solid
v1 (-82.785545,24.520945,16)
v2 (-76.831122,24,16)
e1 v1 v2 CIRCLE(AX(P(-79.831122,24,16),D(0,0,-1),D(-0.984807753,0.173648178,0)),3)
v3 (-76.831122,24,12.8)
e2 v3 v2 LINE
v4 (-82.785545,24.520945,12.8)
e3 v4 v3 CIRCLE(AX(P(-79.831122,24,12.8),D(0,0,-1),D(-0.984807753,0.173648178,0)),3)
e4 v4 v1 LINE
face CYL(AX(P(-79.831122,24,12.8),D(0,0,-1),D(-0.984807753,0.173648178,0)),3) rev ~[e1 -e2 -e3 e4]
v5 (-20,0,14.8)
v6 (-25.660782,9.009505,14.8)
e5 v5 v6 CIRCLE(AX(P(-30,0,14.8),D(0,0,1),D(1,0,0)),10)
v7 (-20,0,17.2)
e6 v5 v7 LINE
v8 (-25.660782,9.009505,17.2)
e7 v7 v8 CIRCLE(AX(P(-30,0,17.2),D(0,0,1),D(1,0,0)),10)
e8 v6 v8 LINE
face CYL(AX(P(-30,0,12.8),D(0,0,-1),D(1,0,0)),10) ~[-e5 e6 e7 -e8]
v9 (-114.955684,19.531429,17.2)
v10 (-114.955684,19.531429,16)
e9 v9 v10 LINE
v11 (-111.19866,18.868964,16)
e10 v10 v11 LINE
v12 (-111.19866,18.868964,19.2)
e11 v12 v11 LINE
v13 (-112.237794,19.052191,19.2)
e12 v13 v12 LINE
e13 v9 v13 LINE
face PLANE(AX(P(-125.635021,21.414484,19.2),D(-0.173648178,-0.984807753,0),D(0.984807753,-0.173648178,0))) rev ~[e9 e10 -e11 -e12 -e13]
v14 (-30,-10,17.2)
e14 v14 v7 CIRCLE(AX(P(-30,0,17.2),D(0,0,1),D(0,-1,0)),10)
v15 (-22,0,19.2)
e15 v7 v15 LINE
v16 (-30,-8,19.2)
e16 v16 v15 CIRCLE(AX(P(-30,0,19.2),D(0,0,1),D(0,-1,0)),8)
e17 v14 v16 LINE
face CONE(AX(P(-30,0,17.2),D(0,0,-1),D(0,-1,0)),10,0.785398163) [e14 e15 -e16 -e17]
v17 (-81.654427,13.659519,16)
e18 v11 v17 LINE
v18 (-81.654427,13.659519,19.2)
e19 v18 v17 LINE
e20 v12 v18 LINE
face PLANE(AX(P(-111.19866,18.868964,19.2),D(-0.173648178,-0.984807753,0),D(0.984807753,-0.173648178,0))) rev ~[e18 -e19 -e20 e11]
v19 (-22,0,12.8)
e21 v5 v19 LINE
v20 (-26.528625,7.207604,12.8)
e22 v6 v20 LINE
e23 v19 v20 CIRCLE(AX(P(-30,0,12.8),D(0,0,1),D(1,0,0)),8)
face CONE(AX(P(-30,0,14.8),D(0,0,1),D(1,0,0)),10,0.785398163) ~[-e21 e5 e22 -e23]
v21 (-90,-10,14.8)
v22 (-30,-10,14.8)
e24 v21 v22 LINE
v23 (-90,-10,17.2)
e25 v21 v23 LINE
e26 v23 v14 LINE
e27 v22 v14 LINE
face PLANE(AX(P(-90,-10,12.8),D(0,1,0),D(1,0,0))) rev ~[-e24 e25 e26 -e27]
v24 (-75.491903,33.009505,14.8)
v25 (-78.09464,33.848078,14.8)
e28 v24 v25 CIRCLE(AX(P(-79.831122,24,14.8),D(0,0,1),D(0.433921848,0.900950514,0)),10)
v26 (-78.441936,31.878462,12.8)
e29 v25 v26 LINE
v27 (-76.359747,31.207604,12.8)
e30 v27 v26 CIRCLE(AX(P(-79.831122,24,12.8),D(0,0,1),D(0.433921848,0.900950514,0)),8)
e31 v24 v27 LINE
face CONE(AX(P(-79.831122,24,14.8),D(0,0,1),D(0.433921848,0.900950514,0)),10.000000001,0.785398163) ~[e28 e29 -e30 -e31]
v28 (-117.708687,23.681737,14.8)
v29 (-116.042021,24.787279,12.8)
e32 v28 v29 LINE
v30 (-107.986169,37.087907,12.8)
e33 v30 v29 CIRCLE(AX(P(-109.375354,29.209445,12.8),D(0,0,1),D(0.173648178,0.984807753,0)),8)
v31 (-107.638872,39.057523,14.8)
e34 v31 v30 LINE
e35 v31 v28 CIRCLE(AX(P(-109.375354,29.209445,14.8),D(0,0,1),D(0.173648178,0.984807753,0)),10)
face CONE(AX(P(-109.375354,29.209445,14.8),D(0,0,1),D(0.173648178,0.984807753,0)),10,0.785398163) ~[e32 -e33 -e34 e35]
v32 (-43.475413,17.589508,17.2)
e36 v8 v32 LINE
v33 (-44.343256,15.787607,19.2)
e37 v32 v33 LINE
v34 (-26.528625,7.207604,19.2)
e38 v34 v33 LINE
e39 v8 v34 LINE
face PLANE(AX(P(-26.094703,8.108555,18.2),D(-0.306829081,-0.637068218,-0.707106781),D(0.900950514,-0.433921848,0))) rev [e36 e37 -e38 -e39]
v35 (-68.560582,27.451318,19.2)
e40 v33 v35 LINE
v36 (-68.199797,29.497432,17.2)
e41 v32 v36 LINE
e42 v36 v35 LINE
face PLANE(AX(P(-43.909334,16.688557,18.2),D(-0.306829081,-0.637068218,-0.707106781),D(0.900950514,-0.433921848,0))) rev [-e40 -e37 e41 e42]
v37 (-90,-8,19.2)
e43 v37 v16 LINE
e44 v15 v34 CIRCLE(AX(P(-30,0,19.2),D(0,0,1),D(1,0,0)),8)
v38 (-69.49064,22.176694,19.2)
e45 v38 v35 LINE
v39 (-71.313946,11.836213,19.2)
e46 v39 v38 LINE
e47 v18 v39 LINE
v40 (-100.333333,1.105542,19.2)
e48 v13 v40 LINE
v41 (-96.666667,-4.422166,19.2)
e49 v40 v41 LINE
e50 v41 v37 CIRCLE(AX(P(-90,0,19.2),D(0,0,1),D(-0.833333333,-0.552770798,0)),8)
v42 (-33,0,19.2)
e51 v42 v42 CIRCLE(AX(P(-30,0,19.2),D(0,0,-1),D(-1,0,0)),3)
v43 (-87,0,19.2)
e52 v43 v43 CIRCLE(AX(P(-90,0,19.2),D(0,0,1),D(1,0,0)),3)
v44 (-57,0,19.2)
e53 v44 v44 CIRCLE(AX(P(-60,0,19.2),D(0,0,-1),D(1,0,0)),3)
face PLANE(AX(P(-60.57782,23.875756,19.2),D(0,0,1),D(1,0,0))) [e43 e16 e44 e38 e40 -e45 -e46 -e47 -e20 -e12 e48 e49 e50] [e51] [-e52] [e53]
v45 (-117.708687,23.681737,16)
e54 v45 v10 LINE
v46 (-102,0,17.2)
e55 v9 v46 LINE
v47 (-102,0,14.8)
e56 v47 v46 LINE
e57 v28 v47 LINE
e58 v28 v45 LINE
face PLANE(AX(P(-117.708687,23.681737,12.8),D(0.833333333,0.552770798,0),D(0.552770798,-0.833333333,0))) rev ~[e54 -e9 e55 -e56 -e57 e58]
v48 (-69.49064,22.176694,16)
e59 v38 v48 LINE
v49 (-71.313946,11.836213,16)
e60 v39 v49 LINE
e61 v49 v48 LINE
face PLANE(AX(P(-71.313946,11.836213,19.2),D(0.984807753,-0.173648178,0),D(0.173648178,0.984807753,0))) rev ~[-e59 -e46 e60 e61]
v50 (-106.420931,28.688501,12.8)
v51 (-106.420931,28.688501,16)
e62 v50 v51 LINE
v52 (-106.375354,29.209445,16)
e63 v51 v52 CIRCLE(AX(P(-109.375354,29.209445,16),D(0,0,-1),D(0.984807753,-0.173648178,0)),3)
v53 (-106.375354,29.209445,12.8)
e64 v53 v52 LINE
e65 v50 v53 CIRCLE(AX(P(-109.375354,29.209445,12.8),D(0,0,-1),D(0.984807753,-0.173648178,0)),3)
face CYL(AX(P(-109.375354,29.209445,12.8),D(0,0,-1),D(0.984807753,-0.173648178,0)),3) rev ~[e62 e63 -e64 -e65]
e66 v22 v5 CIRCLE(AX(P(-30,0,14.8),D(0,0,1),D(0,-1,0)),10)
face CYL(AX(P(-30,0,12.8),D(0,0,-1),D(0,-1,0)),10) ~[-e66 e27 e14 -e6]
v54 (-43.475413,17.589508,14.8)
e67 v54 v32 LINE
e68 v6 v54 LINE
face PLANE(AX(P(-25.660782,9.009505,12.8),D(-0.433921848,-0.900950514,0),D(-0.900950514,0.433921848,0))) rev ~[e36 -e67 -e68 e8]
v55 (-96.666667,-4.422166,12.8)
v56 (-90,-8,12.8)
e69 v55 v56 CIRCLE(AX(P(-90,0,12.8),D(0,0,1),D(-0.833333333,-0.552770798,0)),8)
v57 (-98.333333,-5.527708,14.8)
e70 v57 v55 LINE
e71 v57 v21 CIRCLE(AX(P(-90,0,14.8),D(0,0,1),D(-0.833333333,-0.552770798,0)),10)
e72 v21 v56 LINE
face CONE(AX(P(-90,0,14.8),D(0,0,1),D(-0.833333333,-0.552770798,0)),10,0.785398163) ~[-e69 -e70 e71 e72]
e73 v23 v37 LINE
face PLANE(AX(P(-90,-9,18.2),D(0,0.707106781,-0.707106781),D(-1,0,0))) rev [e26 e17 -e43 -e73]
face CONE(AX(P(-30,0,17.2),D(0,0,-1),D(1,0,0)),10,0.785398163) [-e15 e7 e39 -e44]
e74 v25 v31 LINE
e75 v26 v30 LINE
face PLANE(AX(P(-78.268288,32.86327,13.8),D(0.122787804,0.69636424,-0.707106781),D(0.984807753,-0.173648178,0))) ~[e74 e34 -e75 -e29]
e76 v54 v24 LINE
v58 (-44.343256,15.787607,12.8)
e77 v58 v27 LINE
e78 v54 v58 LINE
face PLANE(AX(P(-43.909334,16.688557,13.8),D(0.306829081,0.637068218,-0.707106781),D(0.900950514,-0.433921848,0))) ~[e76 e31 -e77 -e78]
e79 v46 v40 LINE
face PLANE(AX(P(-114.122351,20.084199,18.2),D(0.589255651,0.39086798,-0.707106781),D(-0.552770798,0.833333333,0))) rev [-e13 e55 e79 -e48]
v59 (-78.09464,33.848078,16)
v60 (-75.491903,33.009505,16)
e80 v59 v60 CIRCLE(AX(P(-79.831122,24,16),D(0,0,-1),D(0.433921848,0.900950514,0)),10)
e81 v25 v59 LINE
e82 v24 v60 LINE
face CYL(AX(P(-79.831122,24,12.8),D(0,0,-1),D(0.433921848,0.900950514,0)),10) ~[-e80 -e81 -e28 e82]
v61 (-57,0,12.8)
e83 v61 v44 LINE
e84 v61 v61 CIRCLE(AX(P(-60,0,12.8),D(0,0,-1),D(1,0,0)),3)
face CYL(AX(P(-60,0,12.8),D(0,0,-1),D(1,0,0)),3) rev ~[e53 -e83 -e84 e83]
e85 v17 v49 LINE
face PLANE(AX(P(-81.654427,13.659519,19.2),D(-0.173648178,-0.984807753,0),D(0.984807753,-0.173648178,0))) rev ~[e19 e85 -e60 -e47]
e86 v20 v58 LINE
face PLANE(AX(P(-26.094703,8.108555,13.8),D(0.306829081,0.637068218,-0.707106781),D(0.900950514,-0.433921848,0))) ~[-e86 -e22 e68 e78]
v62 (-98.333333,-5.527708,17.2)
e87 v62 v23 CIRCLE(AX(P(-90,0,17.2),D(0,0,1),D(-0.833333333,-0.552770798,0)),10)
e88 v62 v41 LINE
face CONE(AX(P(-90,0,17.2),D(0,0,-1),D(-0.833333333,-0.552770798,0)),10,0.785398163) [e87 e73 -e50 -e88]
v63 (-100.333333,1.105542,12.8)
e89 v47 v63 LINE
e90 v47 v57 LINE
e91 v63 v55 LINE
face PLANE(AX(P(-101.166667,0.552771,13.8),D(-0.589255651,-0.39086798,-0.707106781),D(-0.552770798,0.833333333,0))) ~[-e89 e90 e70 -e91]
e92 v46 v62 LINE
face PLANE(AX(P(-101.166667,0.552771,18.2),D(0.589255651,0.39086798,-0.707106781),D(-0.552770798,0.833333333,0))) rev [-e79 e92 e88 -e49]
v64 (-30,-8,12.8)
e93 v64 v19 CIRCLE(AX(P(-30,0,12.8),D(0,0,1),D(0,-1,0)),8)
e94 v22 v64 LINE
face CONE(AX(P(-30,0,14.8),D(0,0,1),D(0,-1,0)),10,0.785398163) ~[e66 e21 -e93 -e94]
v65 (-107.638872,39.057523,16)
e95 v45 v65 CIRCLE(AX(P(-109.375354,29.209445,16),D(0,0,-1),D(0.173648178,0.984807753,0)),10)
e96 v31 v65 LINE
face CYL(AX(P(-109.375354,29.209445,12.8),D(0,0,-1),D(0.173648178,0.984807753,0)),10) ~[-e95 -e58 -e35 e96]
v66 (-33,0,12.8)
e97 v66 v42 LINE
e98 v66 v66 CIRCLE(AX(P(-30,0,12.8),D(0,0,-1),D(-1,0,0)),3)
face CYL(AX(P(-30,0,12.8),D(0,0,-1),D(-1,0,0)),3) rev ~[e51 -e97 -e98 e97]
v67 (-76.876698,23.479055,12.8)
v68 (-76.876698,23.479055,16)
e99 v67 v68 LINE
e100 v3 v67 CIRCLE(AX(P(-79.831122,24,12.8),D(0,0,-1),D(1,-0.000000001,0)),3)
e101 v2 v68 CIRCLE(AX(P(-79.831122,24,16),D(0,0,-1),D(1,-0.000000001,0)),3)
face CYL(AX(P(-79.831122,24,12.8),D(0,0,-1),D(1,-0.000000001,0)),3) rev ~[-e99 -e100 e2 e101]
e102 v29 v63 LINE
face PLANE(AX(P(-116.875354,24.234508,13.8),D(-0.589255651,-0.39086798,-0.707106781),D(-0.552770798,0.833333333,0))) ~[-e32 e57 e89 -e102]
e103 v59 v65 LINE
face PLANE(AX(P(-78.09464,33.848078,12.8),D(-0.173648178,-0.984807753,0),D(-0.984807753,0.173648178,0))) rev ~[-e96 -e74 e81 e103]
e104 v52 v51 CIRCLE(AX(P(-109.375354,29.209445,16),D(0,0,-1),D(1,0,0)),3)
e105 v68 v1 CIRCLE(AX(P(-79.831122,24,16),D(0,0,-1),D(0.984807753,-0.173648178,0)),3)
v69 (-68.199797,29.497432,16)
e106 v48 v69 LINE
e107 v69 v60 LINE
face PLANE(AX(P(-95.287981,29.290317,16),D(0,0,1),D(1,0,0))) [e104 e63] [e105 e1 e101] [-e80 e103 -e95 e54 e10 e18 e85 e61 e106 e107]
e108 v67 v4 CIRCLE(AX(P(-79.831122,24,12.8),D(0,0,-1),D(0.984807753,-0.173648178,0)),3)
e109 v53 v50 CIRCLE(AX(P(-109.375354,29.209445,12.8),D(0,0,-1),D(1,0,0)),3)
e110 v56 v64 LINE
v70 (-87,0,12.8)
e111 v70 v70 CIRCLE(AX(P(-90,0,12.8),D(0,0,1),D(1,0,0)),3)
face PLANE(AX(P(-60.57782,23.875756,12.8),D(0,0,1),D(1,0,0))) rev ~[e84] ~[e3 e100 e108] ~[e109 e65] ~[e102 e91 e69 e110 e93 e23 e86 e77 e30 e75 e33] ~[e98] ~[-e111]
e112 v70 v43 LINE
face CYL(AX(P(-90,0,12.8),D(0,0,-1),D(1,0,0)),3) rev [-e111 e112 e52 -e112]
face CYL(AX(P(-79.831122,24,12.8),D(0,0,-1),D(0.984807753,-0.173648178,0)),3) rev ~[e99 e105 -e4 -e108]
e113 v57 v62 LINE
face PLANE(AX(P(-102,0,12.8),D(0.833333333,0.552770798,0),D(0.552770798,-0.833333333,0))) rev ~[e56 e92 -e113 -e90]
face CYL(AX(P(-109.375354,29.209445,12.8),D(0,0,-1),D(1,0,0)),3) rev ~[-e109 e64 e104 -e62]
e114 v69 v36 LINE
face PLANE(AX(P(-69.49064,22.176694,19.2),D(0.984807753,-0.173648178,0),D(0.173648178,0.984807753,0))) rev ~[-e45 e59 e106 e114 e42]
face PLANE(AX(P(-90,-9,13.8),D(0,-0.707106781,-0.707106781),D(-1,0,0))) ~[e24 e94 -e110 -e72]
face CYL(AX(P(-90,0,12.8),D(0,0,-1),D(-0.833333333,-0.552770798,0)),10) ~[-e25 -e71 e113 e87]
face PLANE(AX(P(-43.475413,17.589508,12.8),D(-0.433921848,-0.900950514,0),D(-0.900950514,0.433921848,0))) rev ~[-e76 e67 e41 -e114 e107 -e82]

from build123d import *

# Parameters (mm, degrees)
F0_R     = 3
F1_DEPTH = 6.4
F4_DEPTH = 3.2
F5_SIZE  = 2


with BuildPart() as f1:
    # F0 (on Top) → F1 (new body)
    with BuildSketch(Plane.XY):
        with BuildLine():
            Line((-69.9830439783, 22.2635182233), (-43.4754125815, 17.5895076134))
            Line((-43.4754125815, 17.5895076134), (-75.4919030254, 33.0095051449))
            ThreePointArc((-75.4919030254, 33.0095051449), (-71.3637669974, 29.3201416884), (-69.8311215084, 24))
            ThreePointArc((-69.8311215084, 24), (-69.8691745275, 23.1284425725), (-69.9830439783, 22.2635182233))
        make_face()
        with BuildLine():
            Line((-90, -10), (-30, -10))
            ThreePointArc((-30, -10), (-37.0710678119, -7.0710678119), (-40, 0))
            Line((-40, 0), (-57, 0))
            ThreePointArc((-57, 0), (-60, -3), (-63, 0))
            Line((-63, 0), (-80, 0))
            ThreePointArc((-80, 0), (-82.9289321881, -7.0710678119), (-90, -10))
        make_face()
        with BuildLine():
            Line((-78.0946397318, 33.8480775301), (-107.6388723221, 39.0575228601))
            ThreePointArc((-107.6388723221, 39.0575228601), (-101.7149096676, 35.6373214269), (-99.3753540988, 29.20944533))
            ThreePointArc((-99.3753540988, 29.20944533), (-99.4134071179, 28.3378879025), (-99.5272765687, 27.4729635533))
            Line((-99.5272765687, 27.4729635533), (-89.6791990386, 25.7364817767))
            ThreePointArc((-89.6791990386, 25.7364817767), (-85.566885872, 32.1915204429), (-78.0946397318, 33.8480775301))
        make_face()
        with BuildLine():
            ThreePointArc((-89.6791990386, 25.7364817767), (-81.5676032851, 14.1519224699), (-69.9830439783, 22.2635182233))
            Line((-69.9830439783, 22.2635182233), (-76.8766982494, 23.479055467))
            ThreePointArc((-76.8766982494, 23.479055467), (-80.3520660414, 21.045576741), (-82.7855447675, 24.520944533))
            Line((-82.7855447675, 24.520944533), (-89.6791990386, 25.7364817767))
        make_face()
        with BuildLine():
            ThreePointArc((-69.8311215084, 24), (-71.3637669974, 29.3201416884), (-75.4919030254, 33.0095051449))
            ThreePointArc((-75.4919030254, 33.0095051449), (-76.7644727965, 33.5181755435), (-78.0946397318, 33.8480775301))
            ThreePointArc((-78.0946397318, 33.8480775301), (-85.566885872, 32.1915204429), (-89.6791990386, 25.7364817767))
            Line((-89.6791990386, 25.7364817767), (-82.7855447675, 24.520944533))
            ThreePointArc((-82.7855447675, 24.520944533), (-79.5696542802, 26.9885840943), (-76.8311215084, 24))
            ThreePointArc((-76.8311215084, 24), (-76.8425374142, 23.7385327718), (-76.8766982494, 23.479055467))
            Line((-76.8766982494, 23.479055467), (-69.9830439783, 22.2635182233))
            ThreePointArc((-69.9830439783, 22.2635182233), (-69.8691745275, 23.1284425725), (-69.8311215084, 24))
        make_face()
        with BuildLine():
            Line((-57, 0), (-40, 0))
            ThreePointArc((-40, 0), (-35.3201416884, 8.467354511), (-25.660781517, 9.0095051449))
            Line((-25.660781517, 9.0095051449), (-43.4754125815, 17.5895076134))
            Line((-43.4754125815, 17.5895076134), (-69.9830439783, 22.2635182233))
            ThreePointArc((-69.9830439783, 22.2635182233), (-81.5676032851, 14.1519224699), (-89.6791990386, 25.7364817767))
            Line((-89.6791990386, 25.7364817767), (-99.5272765687, 27.4729635533))
            ThreePointArc((-99.5272765687, 27.4729635533), (-107.3340404203, 19.4200102868), (-117.7086874321, 23.6817373461))
            Line((-117.7086874321, 23.6817373461), (-102, 0))
            Line((-102, 0), (-98.3333333333, -5.5277079839))
            ThreePointArc((-98.3333333333, -5.5277079839), (-92.8867513459, 9.5742710776), (-80, 0))
            Line((-80, 0), (-63, 0))
            ThreePointArc((-63, 0), (-60, 3), (-57, 0))
        make_face()
        with BuildLine():
            ThreePointArc((-98.3333333333, -5.5277079839), (-94.7287905515, -8.8112734562), (-90, -10))
            ThreePointArc((-90, -10), (-82.9289321881, -7.0710678119), (-80, 0))
            ThreePointArc((-80, 0), (-92.8867513459, 9.5742710776), (-98.3333333333, -5.5277079839))
        make_face()
        with Locations((-90, 0)):
            Circle(F0_R, mode=Mode.SUBTRACT)
        with BuildLine():
            ThreePointArc((-107.6388723221, 39.0575228601), (-117.7409567465, 34.6881944885), (-117.7086874321, 23.6817373461))
            ThreePointArc((-117.7086874321, 23.6817373461), (-107.3340404203, 19.4200102868), (-99.5272765687, 27.4729635533))
            ThreePointArc((-99.5272765687, 27.4729635533), (-99.4134071179, 28.3378879025), (-99.3753540988, 29.20944533))
            ThreePointArc((-99.3753540988, 29.20944533), (-101.7149096676, 35.6373214269), (-107.6388723221, 39.0575228601))
        make_face()
        with BuildLine():
            ThreePointArc((-106.3753540988, 29.20944533), (-106.3867700045, 28.9479781018), (-106.4209308398, 28.688500797))
            ThreePointArc((-106.4209308398, 28.688500797), (-112.3639381931, 29.4709125583), (-106.3753540988, 29.20944533))
        make_face(mode=Mode.SUBTRACT)
        with BuildLine():
            ThreePointArc((-40, 0), (-37.0710678119, -7.0710678119), (-30, -10))
            ThreePointArc((-30, -10), (-22.9289321881, -7.0710678119), (-20, 0))
            Line((-20, 0), (-27, 0))
            ThreePointArc((-27, 0), (-30, -3), (-33, 0))
            Line((-33, 0), (-40, 0))
        make_face()
        with BuildLine():
            Line((-27, 0), (-20, 0))
            ThreePointArc((-20, 0), (-21.532645489, 5.3201416884), (-25.660781517, 9.0095051449))
            ThreePointArc((-25.660781517, 9.0095051449), (-35.3201416884, 8.467354511), (-40, 0))
            Line((-40, 0), (-33, 0))
            ThreePointArc((-33, 0), (-30, 3), (-27, 0))
        make_face()
    extrude(amount=F1_DEPTH)

    # F3 (on offset) → F4 (cut)
    with BuildSketch(Plane.XY.offset(6.4)):
        with BuildLine():
            Line((-121.5190547769, 44.7572868572), (-125.6350207552, 21.4144838341))
            Line((-125.6350207552, 21.4144838341), (-111.1986603593, 18.868963993))
            Line((-111.1986603593, 18.868963993), (-81.6544272584, 13.659518573))
            ThreePointArc((-81.6544272584, 13.659518573), (-86.5803914551, 32.043466615), (-69.3311215084, 24))
            ThreePointArc((-69.3311215084, 24), (-69.3710771859, 23.0848646168), (-69.4906401312, 22.1766939678))
            Line((-69.4906401312, 22.1766939678), (-67.197979989, 35.179015751))
            Line((-67.197979989, 35.179015751), (-121.5190547769, 44.7572868572))
        make_face()
        with BuildLine():
            ThreePointArc((-98.8753540988, 29.20944533), (-102.6260843507, 21.1659785483), (-111.1986603593, 18.868963993))
            ThreePointArc((-111.1986603593, 18.868963993), (-116.1246238469, 37.2529121117), (-98.8753540988, 29.20944533))
        make_face(mode=Mode.SUBTRACT)
        with BuildLine():
            ThreePointArc((-98.8753540988, 29.20944533), (-116.1246238469, 37.2529121117), (-111.1986603593, 18.868963993))
            ThreePointArc((-111.1986603593, 18.868963993), (-102.6260843507, 21.1659785483), (-98.8753540988, 29.20944533))
        make_face()
        with BuildLine():
            ThreePointArc((-69.3311215084, 24), (-86.5803914551, 32.043466615), (-81.6544272584, 13.659518573))
            ThreePointArc((-81.6544272584, 13.659518573), (-73.808568948, 15.3989035201), (-69.4906401312, 22.1766939678))
            ThreePointArc((-69.4906401312, 22.1766939678), (-69.3710771859, 23.0848646168), (-69.3311215084, 24))
        make_face()
        with BuildLine():
            ThreePointArc((-69.4906401312, 22.1766939678), (-73.808568948, 15.3989035201), (-81.6544272584, 13.659518573))
            Line((-81.6544272584, 13.659518573), (-71.3139459673, 11.8362127279))
            Line((-71.3139459673, 11.8362127279), (-69.4906401312, 22.1766939678))
        make_face()
    extrude(amount=-F4_DEPTH, mode=Mode.SUBTRACT)

    # F5
    f5_edges = [f1.edges().sort_by_distance(p)[0] for p in [
        (-50.576342, 21.009505, 0),
        (-46.930289, 19.253468, 6.4),
    ]]
    chamfer(f5_edges, length=F5_SIZE)


with BuildPart() as f6_1:
    # F6: instance of F1
    add(f1.part.mirror(Plane(origin=(-64.9639850302, 5.284700152, 6.4), x_dir=(1, 0, 0), z_dir=(0, 0, 1))))


with BuildPart() as f8_1:
    # F8: instance of F6_1
    add(f6_1.part.mirror(Plane(origin=(-73.367736388, 11.21261041, 12.8), x_dir=(1, 0, 0), z_dir=(0, 0, 1))))


solid = f8_1.part
